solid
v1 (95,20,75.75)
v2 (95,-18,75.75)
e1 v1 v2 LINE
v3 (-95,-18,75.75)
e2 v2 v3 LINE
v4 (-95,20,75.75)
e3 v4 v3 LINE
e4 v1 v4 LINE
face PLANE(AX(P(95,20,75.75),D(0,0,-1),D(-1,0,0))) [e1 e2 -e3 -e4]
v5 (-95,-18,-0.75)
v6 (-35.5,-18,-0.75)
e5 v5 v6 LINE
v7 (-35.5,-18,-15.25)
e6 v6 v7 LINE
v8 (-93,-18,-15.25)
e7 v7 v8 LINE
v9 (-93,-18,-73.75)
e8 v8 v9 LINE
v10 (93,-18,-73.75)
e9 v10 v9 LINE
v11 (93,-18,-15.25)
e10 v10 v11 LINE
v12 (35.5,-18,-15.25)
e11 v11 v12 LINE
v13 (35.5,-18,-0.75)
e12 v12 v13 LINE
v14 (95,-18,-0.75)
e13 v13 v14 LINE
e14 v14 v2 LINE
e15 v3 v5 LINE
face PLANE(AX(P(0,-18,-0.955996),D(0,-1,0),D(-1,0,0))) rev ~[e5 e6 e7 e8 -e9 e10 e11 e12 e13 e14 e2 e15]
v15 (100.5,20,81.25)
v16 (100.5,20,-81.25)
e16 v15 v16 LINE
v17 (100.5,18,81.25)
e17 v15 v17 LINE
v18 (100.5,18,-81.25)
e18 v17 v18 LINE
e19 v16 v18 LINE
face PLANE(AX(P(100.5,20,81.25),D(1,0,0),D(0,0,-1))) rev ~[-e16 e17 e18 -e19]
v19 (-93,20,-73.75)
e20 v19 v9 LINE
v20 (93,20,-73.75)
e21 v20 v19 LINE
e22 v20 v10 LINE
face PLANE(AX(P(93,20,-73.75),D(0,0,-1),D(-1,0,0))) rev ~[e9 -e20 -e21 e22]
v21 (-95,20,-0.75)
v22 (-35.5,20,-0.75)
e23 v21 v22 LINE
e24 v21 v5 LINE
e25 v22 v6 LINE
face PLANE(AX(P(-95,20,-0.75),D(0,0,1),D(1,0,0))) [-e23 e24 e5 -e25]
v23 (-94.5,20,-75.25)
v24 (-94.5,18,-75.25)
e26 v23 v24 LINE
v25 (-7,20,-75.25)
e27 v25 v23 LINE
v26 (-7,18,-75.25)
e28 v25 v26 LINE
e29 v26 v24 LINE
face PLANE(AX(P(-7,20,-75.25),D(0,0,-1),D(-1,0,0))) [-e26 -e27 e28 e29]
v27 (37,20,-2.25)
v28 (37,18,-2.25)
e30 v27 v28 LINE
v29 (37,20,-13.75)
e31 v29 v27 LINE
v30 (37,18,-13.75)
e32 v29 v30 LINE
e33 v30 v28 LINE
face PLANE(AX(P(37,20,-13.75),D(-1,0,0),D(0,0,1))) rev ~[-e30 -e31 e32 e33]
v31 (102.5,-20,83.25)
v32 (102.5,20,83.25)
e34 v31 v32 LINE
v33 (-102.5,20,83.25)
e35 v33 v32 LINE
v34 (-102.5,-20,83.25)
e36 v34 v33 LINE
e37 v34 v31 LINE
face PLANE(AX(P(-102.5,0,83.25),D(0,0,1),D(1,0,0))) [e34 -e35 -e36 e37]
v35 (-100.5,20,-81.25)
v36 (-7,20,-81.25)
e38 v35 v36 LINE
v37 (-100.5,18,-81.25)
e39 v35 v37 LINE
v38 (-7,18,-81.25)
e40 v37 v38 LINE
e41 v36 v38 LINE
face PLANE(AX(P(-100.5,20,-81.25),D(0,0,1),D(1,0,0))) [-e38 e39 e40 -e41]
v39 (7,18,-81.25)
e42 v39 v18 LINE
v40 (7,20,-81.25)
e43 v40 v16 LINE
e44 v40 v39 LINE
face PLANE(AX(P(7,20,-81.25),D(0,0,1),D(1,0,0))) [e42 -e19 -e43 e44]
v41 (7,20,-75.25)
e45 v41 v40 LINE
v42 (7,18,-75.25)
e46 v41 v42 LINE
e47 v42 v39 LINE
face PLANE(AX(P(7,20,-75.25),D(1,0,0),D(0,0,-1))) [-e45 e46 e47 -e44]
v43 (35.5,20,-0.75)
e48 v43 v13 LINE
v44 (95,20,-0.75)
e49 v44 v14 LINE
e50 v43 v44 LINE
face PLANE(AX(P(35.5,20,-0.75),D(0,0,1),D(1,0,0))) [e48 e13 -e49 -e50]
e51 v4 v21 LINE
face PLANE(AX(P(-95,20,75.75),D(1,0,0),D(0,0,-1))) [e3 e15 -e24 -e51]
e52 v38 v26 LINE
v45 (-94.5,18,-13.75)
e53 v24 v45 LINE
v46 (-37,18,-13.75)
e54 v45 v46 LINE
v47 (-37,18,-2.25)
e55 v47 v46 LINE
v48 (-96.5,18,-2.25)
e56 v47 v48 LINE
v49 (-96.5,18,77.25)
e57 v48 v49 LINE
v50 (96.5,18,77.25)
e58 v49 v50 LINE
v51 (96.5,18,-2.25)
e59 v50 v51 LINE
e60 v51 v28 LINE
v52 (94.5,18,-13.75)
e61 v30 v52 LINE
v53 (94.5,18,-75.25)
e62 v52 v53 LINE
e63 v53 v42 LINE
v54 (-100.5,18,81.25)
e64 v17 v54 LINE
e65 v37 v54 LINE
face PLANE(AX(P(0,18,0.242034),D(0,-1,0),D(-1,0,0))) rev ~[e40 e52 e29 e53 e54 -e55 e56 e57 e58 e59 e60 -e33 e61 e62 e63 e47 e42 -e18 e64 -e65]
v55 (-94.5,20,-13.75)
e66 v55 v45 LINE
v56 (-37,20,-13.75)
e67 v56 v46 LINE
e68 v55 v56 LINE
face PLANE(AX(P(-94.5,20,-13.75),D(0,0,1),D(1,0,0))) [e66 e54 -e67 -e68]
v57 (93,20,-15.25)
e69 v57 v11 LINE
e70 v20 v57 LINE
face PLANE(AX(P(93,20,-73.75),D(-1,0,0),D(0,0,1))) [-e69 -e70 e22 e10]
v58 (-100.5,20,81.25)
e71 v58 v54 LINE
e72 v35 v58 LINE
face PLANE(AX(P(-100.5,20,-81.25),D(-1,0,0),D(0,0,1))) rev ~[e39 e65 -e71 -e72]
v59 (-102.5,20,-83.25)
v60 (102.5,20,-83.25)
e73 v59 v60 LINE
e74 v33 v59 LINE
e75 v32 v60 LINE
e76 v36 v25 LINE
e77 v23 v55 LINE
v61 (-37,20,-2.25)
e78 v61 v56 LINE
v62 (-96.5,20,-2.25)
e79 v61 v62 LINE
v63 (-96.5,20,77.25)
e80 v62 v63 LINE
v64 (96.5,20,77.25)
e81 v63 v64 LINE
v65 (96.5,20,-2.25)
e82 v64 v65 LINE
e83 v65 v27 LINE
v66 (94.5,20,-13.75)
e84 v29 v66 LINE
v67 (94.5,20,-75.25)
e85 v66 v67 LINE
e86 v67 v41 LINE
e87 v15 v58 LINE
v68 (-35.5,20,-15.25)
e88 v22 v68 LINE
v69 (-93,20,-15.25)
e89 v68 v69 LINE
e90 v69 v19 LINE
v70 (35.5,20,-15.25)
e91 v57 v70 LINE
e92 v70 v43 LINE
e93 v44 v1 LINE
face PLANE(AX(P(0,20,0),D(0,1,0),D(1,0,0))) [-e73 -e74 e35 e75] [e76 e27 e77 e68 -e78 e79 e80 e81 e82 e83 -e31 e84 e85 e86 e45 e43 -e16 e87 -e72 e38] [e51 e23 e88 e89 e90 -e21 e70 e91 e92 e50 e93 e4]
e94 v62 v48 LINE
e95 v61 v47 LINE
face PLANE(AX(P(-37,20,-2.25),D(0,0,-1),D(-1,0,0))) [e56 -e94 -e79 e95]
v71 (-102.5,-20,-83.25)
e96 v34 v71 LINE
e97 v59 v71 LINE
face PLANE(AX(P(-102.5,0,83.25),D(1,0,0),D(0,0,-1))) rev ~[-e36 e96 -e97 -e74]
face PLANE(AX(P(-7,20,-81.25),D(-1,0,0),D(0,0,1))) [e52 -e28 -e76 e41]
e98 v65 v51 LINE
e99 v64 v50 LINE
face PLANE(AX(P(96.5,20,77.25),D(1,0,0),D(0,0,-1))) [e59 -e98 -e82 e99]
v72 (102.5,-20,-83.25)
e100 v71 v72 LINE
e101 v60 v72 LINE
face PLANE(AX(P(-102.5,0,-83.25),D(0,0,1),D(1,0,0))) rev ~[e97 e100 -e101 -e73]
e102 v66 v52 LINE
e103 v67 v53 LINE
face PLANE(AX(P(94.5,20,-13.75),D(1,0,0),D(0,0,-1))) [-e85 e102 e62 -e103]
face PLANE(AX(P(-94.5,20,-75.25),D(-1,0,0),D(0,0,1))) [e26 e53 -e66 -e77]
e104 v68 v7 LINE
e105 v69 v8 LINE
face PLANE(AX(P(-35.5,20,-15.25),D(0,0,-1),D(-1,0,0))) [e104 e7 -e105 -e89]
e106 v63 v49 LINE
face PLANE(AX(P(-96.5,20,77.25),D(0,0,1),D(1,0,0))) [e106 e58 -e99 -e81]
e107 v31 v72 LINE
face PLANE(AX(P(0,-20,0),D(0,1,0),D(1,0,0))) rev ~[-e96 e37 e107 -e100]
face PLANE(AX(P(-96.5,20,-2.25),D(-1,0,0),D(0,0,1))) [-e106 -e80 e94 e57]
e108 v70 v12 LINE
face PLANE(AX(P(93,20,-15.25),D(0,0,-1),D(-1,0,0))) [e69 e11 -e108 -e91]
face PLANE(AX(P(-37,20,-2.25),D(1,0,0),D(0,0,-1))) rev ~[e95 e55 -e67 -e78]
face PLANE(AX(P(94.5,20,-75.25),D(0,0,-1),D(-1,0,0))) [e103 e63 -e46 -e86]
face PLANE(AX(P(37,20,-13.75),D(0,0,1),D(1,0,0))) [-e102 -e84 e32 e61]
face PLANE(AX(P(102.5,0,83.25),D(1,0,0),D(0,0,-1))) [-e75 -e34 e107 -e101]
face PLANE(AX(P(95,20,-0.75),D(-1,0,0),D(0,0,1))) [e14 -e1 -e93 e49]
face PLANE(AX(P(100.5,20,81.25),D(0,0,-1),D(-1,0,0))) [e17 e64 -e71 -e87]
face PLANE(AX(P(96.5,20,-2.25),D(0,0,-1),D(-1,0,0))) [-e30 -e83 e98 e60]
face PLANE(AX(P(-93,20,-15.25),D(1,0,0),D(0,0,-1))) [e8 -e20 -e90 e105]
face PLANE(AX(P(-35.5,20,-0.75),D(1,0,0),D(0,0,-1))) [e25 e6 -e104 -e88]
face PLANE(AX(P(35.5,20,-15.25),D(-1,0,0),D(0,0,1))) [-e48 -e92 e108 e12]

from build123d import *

# Parameters (mm, degrees)
SKETCH1_W           = 205
SKETCH1_H           = 166.5
BOSS_EXTRUDE1_DEPTH = 20
CUT_EXTRUDE1_DEPTH  = 2
CUT_EXTRUDE3_DEPTH  = 38


with BuildPart() as part:
    # Sketch1 → Boss-Extrude1 (new, symmetric)
    with BuildSketch(Plane(origin=(0, 0, 0), x_dir=(1, 0, 0), z_dir=(0, 1, 0))):
        Rectangle(SKETCH1_W, SKETCH1_H)
    extrude(amount=BOSS_EXTRUDE1_DEPTH, both=True)

    # Sketch3 → Cut-Extrude1 (cut)
    # profile 1 of 4: a face of its own
    with BuildSketch(Plane(origin=(0, 20, 0), x_dir=(1, 0, 0), z_dir=(0, 1, 0))):
        Polygon((-100.5, -81.25), (-100.5, 5.75), (-100.5, 81.25), (-7, 81.25), (-7, 75.25), (-94.5, 75.25), (-94.5, 13.75), (-37, 13.75), (-37, 5.75), (-37, 2.25), (-96.5, 2.25), (-96.5, -77.25), (96.5, -77.25), (96.5, 2.25), (37, 2.25), (37, 5.75), (37, 13.75), (94.5, 13.75), (94.5, 75.25), (7, 75.25), (7, 81.25), (100.5, 81.25), (100.5, 5.75), (100.5, -81.25), align=None)
        Polygon((7.5, 80.75), (100, 80.75), (100, 5.75), (100, -80.75), (-100, -80.75), (-100, 5.75), (-100, 80.75), (-7.5, 80.75), (-7.5, 75.75), (-95, 75.75), (-95, 13.25), (-37.5, 13.25), (-37.5, 5.75), (-37.5, 2.75), (-97, 2.75), (-97, -77.75), (97, -77.75), (97, 2.75), (37.5, 2.75), (37.5, 5.75), (37.5, 13.25), (95, 13.25), (95, 75.75), (7.5, 75.75), align=None, mode=Mode.SUBTRACT)
    # profile 2 of 4: a face of its own
    with BuildSketch(Plane(origin=(0, 20, 0), x_dir=(1, 0, 0), z_dir=(0, 1, 0))):
        Polygon((-100, -80.75), (-100, 5.75), (-37.5, 5.75), (-37.5, 2.75), (-97, 2.75), (-97, -77.75), (97, -77.75), (97, 2.75), (37.5, 2.75), (37.5, 5.75), (100, 5.75), (100, -80.75), align=None)
    # profile 3 of 4: a face of its own
    with BuildSketch(Plane(origin=(0, 20, 0), x_dir=(1, 0, 0), z_dir=(0, 1, 0))):
        Polygon((-95, 13.25), (-37.5, 13.25), (-37.5, 5.75), (-100, 5.75), (-100, 80.75), (-7.5, 80.75), (-7.5, 75.75), (-95, 75.75), align=None)
    # profile 4 of 4: a face of its own
    with BuildSketch(Plane(origin=(0, 20, 0), x_dir=(1, 0, 0), z_dir=(0, 1, 0))):
        Polygon((100, 80.75), (100, 5.75), (37.5, 5.75), (37.5, 13.25), (95, 13.25), (95, 75.75), (7.5, 75.75), (7.5, 80.75), align=None)
    extrude(amount=-CUT_EXTRUDE1_DEPTH, mode=Mode.SUBTRACT)

    # Sketch5 → Cut-Extrude3 (cut)
    with BuildSketch(Plane(origin=(0, 20, 0), x_dir=(1, 0, 0), z_dir=(0, 1, 0))):
        Polygon((-7, 73.75), (7, 73.75), (93, 73.75), (93, 15.25), (35.5, 15.25), (35.5, 0.75), (95, 0.75), (95, -75.75), (-95, -75.75), (-95, 0.75), (-35.5, 0.75), (-35.5, 15.25), (-93, 15.25), (-93, 73.75), align=None)
    extrude(amount=-CUT_EXTRUDE3_DEPTH, mode=Mode.SUBTRACT)


solid = part.part
